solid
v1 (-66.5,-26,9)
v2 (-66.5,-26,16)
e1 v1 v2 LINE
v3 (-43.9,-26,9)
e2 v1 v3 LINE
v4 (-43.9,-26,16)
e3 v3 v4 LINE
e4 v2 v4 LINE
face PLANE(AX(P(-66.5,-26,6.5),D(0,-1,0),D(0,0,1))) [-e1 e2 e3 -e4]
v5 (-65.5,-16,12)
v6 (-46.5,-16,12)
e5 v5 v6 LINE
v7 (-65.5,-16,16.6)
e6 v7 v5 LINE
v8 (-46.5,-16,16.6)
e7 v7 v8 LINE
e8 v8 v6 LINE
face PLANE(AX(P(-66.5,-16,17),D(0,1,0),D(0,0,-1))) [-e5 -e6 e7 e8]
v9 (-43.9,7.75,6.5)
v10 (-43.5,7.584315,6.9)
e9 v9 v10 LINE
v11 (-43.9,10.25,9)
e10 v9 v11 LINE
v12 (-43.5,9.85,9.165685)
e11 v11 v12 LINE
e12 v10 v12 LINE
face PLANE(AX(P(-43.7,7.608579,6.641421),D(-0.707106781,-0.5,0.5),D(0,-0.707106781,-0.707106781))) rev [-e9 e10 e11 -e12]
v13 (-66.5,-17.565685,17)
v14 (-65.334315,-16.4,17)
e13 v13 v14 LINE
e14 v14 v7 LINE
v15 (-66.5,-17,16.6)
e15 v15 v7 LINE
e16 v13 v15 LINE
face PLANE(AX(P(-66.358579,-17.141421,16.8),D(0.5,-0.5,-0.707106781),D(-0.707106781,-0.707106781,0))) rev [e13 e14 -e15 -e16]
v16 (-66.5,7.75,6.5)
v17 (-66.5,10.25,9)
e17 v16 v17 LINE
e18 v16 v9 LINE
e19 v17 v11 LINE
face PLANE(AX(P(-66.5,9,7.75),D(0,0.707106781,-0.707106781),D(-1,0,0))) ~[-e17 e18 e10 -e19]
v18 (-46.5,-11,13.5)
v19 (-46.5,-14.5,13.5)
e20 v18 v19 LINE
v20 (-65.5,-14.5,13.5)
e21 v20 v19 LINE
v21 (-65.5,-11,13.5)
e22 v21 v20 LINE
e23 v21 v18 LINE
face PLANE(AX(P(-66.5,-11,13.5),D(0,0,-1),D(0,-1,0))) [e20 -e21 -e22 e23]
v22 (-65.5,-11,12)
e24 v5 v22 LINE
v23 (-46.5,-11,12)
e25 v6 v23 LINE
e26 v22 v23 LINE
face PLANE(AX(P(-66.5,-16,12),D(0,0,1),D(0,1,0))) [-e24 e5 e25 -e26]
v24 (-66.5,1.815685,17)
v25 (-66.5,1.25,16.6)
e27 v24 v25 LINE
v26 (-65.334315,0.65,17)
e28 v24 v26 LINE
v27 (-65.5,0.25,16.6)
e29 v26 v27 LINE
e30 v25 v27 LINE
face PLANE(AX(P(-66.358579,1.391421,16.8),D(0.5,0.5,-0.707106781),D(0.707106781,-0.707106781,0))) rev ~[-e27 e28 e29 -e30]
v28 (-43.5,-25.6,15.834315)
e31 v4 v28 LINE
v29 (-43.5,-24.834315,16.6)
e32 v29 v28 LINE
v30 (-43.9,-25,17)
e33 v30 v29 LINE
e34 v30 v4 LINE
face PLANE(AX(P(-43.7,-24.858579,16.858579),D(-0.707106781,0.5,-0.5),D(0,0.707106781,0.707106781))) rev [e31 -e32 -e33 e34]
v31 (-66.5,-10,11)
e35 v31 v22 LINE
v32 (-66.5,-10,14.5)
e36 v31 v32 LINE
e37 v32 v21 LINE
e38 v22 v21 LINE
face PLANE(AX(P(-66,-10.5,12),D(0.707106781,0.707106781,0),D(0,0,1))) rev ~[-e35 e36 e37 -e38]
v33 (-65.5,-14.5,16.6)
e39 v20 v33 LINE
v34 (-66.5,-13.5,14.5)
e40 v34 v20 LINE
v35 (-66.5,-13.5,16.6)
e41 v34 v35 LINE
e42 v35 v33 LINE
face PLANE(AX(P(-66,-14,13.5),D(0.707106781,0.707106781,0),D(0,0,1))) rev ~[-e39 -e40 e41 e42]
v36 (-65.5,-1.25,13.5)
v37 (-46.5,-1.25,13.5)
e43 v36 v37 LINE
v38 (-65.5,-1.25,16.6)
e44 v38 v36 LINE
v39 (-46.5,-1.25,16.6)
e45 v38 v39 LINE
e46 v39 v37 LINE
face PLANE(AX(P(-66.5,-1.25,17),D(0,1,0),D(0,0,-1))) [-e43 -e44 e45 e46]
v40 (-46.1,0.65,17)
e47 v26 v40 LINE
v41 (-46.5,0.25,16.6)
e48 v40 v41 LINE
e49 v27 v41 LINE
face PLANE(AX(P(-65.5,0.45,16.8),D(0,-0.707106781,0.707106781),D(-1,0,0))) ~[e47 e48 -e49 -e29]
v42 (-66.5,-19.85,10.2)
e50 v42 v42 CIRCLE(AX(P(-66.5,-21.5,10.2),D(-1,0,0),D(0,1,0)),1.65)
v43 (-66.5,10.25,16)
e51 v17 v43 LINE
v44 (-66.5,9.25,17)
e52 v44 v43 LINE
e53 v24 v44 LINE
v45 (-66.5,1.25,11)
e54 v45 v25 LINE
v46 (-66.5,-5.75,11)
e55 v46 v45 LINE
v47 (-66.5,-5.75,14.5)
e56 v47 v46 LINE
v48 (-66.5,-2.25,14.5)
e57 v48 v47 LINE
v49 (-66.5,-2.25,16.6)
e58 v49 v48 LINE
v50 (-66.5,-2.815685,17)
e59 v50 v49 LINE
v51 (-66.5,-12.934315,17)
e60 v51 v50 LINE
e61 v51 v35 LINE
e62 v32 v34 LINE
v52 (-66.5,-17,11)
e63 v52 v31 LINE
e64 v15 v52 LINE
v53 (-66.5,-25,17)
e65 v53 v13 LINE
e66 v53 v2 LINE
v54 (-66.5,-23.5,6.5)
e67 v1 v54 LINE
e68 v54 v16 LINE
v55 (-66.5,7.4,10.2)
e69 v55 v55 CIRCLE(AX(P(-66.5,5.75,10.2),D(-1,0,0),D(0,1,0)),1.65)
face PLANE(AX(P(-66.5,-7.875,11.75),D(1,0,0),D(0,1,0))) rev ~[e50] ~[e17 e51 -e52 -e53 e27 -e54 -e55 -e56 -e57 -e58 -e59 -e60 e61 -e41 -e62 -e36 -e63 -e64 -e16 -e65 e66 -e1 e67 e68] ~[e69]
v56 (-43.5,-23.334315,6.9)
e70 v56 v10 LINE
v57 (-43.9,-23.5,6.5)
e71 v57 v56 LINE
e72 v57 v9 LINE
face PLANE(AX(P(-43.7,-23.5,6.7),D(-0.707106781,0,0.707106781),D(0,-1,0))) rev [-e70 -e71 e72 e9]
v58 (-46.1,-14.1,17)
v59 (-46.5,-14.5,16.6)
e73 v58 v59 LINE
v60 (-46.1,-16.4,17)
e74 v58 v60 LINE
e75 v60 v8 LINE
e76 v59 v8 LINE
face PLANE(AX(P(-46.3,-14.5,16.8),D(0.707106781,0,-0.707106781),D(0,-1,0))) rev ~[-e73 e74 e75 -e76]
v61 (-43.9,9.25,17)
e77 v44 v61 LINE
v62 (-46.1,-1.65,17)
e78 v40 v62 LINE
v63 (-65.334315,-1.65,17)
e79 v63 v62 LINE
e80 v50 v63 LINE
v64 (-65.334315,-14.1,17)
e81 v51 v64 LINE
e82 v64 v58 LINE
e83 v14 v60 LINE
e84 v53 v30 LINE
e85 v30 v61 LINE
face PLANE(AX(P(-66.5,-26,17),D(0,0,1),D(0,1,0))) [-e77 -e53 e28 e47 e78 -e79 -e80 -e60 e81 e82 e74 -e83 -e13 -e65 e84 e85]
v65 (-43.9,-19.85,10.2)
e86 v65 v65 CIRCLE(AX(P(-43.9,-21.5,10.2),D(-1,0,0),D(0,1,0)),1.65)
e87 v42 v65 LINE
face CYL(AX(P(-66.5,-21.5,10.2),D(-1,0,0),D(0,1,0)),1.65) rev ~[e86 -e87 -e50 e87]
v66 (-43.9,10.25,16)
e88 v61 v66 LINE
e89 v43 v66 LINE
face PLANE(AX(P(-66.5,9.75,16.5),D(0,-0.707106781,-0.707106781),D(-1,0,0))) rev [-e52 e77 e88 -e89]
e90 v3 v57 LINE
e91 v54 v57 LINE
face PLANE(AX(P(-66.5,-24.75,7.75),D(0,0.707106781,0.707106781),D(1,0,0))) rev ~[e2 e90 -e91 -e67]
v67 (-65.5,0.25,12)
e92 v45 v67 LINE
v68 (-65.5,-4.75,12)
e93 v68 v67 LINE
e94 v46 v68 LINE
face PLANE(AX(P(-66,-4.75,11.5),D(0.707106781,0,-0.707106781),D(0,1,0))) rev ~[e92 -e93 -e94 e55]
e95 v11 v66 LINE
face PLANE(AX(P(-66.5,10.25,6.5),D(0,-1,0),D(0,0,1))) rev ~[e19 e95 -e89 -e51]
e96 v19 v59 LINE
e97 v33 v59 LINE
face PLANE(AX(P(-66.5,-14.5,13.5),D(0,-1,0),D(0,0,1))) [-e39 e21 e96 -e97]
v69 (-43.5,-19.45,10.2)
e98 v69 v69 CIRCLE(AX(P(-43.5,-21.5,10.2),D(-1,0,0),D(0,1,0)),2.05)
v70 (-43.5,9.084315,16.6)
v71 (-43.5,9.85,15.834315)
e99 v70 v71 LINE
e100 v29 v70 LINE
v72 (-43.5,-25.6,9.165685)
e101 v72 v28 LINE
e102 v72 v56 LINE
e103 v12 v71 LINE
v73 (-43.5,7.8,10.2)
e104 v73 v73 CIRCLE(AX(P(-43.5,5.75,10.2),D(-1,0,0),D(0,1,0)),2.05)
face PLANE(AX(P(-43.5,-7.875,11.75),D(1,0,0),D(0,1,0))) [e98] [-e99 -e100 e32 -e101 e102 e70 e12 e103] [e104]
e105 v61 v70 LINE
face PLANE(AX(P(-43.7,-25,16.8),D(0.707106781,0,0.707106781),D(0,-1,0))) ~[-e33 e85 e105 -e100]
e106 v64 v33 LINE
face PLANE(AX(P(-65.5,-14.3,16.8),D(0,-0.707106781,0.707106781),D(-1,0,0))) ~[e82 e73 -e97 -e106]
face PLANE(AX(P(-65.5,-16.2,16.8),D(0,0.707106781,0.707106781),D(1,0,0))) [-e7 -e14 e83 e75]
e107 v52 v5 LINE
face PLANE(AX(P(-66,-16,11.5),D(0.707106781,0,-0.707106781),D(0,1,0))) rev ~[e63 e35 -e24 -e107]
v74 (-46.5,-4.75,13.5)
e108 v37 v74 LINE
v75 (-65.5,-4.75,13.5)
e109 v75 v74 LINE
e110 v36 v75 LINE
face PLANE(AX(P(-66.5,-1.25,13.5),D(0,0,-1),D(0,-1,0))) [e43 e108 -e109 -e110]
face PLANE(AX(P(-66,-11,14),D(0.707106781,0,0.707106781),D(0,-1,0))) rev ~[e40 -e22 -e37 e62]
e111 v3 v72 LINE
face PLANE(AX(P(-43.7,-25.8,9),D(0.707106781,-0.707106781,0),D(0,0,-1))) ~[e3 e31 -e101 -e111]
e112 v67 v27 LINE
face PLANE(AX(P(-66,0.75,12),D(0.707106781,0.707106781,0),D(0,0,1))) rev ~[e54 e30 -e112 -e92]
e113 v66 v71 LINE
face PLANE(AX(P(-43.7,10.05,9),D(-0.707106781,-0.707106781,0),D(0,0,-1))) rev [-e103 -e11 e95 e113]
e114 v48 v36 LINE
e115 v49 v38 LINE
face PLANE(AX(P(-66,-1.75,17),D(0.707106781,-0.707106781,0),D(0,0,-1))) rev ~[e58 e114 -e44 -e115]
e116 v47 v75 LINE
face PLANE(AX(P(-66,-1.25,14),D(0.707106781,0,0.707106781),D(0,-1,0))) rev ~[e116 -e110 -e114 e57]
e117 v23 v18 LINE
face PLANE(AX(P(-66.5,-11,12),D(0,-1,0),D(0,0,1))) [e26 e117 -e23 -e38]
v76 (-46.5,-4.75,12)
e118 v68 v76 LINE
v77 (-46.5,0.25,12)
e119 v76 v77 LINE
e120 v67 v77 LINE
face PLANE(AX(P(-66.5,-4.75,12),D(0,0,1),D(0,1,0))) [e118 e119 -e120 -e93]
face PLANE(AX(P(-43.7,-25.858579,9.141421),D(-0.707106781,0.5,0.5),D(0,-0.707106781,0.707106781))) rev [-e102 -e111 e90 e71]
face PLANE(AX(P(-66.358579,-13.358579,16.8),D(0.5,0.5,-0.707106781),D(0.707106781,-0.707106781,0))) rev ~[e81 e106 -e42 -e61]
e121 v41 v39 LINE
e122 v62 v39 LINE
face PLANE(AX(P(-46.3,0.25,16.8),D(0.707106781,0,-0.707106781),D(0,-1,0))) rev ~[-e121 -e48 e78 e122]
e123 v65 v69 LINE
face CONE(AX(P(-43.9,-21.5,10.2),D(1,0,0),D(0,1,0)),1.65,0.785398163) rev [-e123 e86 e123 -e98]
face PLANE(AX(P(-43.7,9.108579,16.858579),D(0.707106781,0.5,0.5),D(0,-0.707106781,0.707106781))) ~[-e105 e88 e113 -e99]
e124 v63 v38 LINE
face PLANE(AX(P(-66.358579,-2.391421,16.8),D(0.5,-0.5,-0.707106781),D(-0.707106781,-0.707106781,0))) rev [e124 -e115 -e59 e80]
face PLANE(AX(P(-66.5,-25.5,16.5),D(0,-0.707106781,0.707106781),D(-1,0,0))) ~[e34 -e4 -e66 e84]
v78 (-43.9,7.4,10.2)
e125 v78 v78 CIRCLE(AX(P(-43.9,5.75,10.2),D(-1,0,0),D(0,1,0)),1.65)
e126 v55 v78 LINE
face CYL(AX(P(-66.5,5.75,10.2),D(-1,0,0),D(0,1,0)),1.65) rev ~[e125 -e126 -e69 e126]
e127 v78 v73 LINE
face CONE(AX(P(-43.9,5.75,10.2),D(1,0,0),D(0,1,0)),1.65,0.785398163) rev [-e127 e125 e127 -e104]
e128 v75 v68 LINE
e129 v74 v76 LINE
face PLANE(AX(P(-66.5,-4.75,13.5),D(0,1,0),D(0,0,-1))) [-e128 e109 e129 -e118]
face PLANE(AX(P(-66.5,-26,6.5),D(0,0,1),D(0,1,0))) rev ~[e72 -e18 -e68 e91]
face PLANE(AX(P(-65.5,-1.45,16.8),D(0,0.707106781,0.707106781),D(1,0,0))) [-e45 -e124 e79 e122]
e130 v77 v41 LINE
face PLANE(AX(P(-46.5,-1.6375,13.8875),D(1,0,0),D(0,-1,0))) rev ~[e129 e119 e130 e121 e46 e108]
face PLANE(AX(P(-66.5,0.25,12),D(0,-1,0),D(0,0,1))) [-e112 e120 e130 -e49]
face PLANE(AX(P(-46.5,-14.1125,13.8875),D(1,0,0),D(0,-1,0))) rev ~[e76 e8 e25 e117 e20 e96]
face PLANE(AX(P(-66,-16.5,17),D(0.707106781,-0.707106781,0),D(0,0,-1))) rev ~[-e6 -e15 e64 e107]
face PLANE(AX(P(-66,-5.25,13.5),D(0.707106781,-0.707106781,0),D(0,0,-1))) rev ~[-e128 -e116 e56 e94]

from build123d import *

# Parameters (mm, degrees)
SKETCH038_W     = 36.25
SKETCH038_H     = 10.5
PAD012_DEPTH    = 23
SKETCH039_R     = 1.65
POCKET026_DEPTH = 23.001
POCKET027_DEPTH = 20
CHAMFER014_SIZE = 1
CHAMFER015_SIZE = 1
CHAMFER016_SIZE = 2.5
CHAMFER017_SIZE = 0.4
CHAMFER018_SIZE = 0.4


with BuildPart() as part:
    # Sketch038 → Pad012 (new body)
    with BuildSketch(Plane.YZ):
        with Locations((18.125, 5.25)):
            Rectangle(SKETCH038_W, SKETCH038_H)
    extrude(amount=PAD012_DEPTH)

    # Sketch039 (on Face5 of Pad012) → Pocket026 (cut, through all)
    with BuildSketch(Plane(origin=(0, 0, 0), x_dir=(0, 1, 0), z_dir=(-1, 0, 0))):
        with Locations((4.5, -3.7)):
            Circle(SKETCH039_R)
        with Locations((31.75, -3.7)):
            Circle(SKETCH039_R)
    extrude(amount=-POCKET026_DEPTH, mode=Mode.SUBTRACT)

    # Sketch040 (on Face4 of Pocket026) → Pocket027 (cut)
    with BuildSketch(Plane(origin=(0, 0, 0), x_dir=(0, 1, 0), z_dir=(-1, 0, 0))):
        Polygon((10, -10.5), (10, -5.5), (15, -5.5), (15, -7), (11.5, -7), (11.5, -10.5), align=None)
        Polygon((24.75, -10.5), (24.75, -7), (21.25, -7), (21.25, -5.5), (26.25, -5.5), (26.25, -10.5), align=None)
    extrude(amount=-POCKET027_DEPTH, mode=Mode.SUBTRACT)

    # Chamfer014
    chamfer014_edges = [part.edges().sort_by_distance(p)[0] for p in [
        (0, 26.25, 8),
        (0, 23.75, 5.5),
        (0, 21.25, 6.25),
        (0, 23, 7),
        (0, 24.75, 8.75),
        (0, 15, 6.25),
        (0, 13.25, 7),
        (0, 12.5, 5.5),
        (0, 10, 8),
        (0, 11.5, 8.75),
    ]]
    chamfer(chamfer014_edges, length=CHAMFER014_SIZE)

    # Chamfer015
    chamfer015_edges = [part.edges().sort_by_distance(p)[0] for p in [
        (11.5, 36.25, 10.5),
        (11.5, 0, 10.5),
    ]]
    chamfer(chamfer015_edges, length=CHAMFER015_SIZE)

    # Chamfer016
    chamfer016_edges = [part.edges().sort_by_distance(p)[0] for p in [
        (11.5, 36.25, 0),
        (11.5, 0, 0),
    ]]
    chamfer(chamfer016_edges, length=CHAMFER016_SIZE)

    # Chamfer017
    chamfer017_edges = [part.edges().sort_by_distance(p)[0] for p in [
        (10.5, 26.25, 10.5),
        (0.5, 26.75, 10.5),
        (0.5, 24.25, 10.5),
        (10.5, 24.75, 10.5),
        (20, 25.5, 10.5),
        (20, 10.75, 10.5),
        (10.5, 11.5, 10.5),
        (0.5, 12, 10.5),
        (0.5, 9.5, 10.5),
        (10.5, 10, 10.5),
    ]]
    chamfer(chamfer017_edges, length=CHAMFER017_SIZE)

    # Chamfer018
    chamfer018_edges = [part.edges().sort_by_distance(p)[0] for p in [
        (23, 0, 6),
        (23, 1.25, 1.25),
        (23, 0.5, 10),
        (23, 18.125, 0),
        (23, 18.125, 10.5),
        (23, 35, 1.25),
        (23, 35.75, 10),
        (23, 36.25, 6),
        (23, 30.1, 3.7),
        (23, 2.85, 3.7),
    ]]
    chamfer(chamfer018_edges, length=CHAMFER018_SIZE)


with BuildPart() as part_1:
    # Body004006 placement: moved
    add(part.part.moved(Location((-66.5, -26, 6.5))))


solid = part_1.part
